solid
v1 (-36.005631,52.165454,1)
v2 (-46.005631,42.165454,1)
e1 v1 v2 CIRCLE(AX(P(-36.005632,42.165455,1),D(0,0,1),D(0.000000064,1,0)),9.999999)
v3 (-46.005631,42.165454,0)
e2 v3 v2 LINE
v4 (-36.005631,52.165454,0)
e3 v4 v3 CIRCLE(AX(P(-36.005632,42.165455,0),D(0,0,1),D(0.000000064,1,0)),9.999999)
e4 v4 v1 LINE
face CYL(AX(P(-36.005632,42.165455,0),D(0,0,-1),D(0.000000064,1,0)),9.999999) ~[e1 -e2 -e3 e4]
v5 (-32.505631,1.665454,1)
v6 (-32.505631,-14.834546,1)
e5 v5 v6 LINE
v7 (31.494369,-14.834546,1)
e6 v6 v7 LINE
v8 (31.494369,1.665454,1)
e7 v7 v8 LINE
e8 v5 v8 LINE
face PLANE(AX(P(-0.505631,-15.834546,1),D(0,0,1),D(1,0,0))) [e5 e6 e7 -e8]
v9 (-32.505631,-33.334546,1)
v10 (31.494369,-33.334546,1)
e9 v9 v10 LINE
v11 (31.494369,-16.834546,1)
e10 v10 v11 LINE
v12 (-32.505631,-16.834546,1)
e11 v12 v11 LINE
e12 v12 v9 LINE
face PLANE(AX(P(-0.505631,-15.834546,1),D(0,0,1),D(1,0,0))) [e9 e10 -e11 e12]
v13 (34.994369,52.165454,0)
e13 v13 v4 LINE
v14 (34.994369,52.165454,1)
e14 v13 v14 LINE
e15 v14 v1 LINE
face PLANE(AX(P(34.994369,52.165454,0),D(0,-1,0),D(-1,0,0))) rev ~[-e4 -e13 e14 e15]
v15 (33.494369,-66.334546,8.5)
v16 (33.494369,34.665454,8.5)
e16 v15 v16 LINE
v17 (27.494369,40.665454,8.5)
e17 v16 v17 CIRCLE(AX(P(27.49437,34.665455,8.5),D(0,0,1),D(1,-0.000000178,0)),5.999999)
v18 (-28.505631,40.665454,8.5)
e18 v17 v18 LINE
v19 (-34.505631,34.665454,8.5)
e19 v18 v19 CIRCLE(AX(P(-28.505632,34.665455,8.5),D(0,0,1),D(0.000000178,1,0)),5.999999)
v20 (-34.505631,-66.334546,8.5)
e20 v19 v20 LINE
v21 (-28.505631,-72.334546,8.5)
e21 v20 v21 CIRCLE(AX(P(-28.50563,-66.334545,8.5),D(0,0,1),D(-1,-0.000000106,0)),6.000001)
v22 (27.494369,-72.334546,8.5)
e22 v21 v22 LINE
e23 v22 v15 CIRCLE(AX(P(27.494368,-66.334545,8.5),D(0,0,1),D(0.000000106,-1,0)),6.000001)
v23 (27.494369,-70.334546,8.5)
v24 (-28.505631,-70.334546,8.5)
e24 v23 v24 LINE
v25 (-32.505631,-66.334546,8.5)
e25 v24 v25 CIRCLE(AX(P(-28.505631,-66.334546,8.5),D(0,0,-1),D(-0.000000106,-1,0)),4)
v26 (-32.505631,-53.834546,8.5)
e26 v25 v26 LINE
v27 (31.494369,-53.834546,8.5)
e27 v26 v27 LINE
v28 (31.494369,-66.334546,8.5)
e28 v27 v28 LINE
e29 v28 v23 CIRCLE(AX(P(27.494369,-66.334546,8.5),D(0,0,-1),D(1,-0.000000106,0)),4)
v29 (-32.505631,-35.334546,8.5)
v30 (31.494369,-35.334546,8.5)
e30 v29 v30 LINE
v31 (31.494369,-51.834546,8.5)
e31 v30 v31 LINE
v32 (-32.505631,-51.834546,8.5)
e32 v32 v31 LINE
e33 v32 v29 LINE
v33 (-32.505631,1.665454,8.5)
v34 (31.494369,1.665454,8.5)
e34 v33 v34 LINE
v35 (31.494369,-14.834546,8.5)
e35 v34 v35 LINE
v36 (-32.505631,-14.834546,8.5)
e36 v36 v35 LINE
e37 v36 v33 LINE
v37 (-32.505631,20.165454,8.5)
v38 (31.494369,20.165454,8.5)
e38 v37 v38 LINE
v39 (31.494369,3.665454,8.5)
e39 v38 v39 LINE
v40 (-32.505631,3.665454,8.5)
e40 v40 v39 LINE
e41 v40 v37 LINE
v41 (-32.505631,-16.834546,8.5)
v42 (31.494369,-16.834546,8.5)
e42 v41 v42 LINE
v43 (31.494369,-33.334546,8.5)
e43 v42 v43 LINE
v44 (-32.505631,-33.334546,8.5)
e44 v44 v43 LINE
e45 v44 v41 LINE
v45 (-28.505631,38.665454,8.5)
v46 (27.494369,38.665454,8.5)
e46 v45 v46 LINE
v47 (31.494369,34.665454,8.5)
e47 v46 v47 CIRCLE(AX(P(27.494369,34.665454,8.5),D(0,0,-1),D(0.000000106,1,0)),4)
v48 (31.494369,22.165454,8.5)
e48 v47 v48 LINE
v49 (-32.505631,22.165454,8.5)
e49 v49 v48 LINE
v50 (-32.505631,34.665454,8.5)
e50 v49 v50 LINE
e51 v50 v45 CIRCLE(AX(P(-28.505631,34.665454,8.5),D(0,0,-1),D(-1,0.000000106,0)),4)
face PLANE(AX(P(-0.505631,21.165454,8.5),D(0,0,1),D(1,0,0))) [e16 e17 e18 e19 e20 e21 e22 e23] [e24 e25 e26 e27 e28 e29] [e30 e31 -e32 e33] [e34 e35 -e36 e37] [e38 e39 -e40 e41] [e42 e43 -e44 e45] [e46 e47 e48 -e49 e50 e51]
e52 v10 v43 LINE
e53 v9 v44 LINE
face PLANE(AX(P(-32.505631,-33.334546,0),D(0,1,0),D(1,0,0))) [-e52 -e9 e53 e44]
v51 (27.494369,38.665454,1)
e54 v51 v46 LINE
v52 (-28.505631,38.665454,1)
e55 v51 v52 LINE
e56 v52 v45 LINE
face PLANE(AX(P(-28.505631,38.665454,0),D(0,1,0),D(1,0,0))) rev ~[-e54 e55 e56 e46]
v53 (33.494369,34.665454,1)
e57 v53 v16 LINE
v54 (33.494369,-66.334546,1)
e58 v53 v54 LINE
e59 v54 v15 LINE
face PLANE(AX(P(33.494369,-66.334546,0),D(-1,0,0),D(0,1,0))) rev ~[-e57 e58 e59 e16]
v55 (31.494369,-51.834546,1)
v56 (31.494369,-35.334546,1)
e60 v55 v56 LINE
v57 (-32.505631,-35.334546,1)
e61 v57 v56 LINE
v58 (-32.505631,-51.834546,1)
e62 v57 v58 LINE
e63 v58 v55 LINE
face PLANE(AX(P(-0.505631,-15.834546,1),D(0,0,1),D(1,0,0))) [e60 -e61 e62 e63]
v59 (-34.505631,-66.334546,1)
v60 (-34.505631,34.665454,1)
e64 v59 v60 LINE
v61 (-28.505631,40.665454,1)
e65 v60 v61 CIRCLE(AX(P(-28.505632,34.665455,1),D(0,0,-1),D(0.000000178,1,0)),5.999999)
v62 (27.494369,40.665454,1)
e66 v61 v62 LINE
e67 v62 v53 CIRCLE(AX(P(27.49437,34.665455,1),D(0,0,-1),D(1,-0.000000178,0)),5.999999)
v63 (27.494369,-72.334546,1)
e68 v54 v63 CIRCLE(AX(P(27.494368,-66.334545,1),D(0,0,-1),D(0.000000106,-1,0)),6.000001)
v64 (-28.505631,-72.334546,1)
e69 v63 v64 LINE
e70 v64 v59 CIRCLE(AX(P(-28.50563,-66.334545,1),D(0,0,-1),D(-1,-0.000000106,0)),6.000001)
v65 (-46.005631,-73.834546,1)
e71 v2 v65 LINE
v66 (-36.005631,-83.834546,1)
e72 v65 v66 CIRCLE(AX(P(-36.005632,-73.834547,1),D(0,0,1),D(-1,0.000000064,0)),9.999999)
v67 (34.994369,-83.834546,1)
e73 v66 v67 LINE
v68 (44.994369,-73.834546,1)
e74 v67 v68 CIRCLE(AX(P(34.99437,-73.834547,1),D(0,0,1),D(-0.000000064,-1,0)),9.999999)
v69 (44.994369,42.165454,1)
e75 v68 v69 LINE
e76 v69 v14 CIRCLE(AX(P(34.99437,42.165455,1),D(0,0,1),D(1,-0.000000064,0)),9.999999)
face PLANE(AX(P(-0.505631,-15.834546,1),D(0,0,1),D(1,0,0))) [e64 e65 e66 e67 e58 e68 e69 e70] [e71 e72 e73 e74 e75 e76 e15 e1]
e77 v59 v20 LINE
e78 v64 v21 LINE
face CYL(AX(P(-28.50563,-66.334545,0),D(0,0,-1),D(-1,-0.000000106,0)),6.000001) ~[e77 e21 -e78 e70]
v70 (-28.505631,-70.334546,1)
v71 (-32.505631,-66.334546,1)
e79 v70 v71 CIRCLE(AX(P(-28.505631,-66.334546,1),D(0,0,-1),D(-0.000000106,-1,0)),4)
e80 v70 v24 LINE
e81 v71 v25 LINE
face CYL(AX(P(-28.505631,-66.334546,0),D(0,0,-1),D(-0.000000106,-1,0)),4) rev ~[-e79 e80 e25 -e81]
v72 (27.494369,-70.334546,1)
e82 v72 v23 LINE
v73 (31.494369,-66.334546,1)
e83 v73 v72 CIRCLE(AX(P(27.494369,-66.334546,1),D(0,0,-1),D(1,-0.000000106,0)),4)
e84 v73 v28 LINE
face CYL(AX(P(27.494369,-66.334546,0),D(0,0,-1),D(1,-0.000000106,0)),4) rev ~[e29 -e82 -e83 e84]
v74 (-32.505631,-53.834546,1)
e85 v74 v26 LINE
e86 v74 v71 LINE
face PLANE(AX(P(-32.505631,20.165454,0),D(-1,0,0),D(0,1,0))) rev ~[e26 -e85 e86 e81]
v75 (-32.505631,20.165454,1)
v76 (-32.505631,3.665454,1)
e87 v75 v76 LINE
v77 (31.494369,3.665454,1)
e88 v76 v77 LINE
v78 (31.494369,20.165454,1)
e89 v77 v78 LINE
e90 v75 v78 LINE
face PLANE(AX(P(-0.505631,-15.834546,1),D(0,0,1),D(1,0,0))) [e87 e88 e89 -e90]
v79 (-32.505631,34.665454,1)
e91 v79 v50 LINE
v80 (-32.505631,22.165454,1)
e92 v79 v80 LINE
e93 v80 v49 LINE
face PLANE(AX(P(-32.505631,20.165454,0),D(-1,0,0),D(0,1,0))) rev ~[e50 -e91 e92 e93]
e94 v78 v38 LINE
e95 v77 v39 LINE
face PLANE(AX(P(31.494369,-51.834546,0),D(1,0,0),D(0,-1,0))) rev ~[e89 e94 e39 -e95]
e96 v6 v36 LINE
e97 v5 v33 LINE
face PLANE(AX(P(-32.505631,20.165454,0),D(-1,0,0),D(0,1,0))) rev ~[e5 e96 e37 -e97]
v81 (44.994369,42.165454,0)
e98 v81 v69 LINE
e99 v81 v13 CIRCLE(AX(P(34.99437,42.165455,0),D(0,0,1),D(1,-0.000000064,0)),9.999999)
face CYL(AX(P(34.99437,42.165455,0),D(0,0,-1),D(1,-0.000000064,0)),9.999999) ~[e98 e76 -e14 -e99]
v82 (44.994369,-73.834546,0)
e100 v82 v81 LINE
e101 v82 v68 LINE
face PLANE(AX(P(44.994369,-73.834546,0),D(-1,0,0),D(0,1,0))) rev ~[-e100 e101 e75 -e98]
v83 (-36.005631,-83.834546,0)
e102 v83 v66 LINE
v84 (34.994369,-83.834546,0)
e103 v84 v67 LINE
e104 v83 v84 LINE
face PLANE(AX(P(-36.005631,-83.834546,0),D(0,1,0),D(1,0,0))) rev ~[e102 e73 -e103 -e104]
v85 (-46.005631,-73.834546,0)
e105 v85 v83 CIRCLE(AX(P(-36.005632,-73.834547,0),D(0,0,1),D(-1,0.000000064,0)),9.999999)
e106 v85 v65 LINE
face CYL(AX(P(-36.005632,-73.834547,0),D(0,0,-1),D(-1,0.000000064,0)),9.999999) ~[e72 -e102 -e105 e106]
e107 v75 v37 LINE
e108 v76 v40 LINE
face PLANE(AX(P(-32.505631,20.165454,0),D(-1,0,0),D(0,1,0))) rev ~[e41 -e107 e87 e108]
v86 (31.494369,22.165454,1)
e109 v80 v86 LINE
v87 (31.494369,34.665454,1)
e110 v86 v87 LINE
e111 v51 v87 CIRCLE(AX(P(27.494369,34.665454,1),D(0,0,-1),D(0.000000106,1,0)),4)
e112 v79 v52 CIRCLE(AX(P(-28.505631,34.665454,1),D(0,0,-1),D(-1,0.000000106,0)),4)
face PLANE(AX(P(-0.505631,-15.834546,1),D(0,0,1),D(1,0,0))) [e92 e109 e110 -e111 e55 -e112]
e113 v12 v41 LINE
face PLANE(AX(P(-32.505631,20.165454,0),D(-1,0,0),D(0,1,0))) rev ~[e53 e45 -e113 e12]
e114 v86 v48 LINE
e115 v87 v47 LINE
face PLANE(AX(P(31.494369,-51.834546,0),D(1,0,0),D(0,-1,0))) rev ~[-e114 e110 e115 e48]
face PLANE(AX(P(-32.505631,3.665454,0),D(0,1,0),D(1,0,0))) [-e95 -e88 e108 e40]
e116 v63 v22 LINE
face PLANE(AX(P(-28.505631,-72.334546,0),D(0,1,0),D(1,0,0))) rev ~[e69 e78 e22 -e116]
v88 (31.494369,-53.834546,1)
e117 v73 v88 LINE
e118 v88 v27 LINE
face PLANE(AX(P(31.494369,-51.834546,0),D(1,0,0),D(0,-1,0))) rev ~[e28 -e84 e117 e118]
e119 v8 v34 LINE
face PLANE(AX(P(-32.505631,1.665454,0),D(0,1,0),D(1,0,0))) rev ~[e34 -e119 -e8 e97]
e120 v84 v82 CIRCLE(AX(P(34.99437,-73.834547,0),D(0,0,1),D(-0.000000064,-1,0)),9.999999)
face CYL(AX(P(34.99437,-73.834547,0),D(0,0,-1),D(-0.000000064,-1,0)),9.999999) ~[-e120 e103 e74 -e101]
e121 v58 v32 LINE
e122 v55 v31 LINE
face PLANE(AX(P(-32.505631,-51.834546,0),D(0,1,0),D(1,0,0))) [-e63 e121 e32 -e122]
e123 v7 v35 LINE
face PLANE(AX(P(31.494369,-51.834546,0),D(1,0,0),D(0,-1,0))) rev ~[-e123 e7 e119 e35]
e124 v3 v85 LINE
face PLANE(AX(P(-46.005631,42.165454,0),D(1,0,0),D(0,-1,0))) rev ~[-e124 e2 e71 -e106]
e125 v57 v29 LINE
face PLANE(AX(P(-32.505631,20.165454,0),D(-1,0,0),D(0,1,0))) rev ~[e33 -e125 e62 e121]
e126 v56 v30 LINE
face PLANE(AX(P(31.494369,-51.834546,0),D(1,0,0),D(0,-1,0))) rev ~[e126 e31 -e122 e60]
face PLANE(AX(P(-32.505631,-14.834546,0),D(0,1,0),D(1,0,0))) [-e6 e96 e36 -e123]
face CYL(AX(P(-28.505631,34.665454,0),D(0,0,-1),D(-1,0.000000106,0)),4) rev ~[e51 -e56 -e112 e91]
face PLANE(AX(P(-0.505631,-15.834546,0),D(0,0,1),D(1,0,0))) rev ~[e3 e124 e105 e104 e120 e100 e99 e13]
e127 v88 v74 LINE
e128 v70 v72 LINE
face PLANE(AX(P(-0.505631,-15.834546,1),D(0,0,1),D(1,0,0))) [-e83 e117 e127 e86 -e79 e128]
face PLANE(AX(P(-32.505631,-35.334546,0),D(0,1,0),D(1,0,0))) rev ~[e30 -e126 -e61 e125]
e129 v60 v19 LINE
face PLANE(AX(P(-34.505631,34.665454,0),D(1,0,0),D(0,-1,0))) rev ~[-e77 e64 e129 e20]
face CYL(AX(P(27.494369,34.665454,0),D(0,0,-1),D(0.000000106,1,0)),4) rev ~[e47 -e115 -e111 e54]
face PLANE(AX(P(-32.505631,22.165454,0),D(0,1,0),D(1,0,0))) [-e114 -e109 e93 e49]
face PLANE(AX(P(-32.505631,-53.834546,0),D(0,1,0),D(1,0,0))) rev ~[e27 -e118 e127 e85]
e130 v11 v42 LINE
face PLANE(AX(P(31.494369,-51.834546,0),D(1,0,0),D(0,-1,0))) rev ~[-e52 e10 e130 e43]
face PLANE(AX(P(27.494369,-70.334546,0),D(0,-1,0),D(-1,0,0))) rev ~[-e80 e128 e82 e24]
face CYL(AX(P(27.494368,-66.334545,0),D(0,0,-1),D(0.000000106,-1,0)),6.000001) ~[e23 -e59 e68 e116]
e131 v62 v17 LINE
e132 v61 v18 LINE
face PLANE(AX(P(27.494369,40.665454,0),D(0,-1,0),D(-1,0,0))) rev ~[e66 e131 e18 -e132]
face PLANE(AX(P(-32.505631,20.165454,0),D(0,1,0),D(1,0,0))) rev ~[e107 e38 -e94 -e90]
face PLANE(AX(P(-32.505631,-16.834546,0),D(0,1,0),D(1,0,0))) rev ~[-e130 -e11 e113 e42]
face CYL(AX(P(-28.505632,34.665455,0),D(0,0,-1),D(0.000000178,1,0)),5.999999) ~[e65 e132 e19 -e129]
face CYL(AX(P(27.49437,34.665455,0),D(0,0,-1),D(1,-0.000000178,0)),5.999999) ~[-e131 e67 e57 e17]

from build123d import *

# Parameters (mm, degrees)
F0_W     = 64
F0_H     = 16.5
F1_DEPTH = 1
F2_DEPTH = 8.5
F0_H_2   = 2
F3_DEPTH = 8.5


with BuildPart() as f1:
    # F0 (on Top) → F1 (new body)
    with BuildSketch(Plane.XY):
        with BuildLine():
            Line((34.994369, 52.165454), (-36.005631, 52.165454))
            ThreePointArc((-36.005631, 52.165454), (-43.076699, 49.236522), (-46.005631, 42.165454))
            Line((-46.005631, 42.165454), (-46.005631, -73.834546))
            ThreePointArc((-46.005631, -73.834546), (-43.076699, -80.905614), (-36.005631, -83.834546))
            Line((-36.005631, -83.834546), (34.994369, -83.834546))
            ThreePointArc((34.994369, -83.834546), (42.065437, -80.905614), (44.994369, -73.834546))
            Line((44.994369, -73.834546), (44.994369, 42.165454))
            ThreePointArc((44.994369, 42.165454), (42.065437, 49.236522), (34.994369, 52.165454))
        make_face()
        with BuildLine():
            ThreePointArc((-38.505631, 34.665454), (-35.576699, 41.736522), (-28.505631, 44.665454))
            Line((-28.505631, 44.665454), (27.494369, 44.665454))
            ThreePointArc((27.494369, 44.665454), (34.565437, 41.736522), (37.494369, 34.665454))
            Line((37.494369, 34.665454), (37.494369, -66.334546))
            ThreePointArc((37.494369, -66.334546), (34.565437, -73.405614), (27.494369, -76.334546))
            Line((27.494369, -76.334546), (-28.505631, -76.334546))
            ThreePointArc((-28.505631, -76.334546), (-35.576699, -73.405614), (-38.505631, -66.334546))
            Line((-38.505631, -66.334546), (-38.505631, 34.665454))
        make_face(mode=Mode.SUBTRACT)
        with BuildLine():
            Line((27.494369, 44.665454), (-28.505631, 44.665454))
            ThreePointArc((-28.505631, 44.665454), (-35.576699, 41.736522), (-38.505631, 34.665454))
            Line((-38.505631, 34.665454), (-38.505631, -66.334546))
            ThreePointArc((-38.505631, -66.334546), (-35.576699, -73.405614), (-28.505631, -76.334546))
            Line((-28.505631, -76.334546), (27.494369, -76.334546))
            ThreePointArc((27.494369, -76.334546), (34.565437, -73.405614), (37.494369, -66.334546))
            Line((37.494369, -66.334546), (37.494369, 34.665454))
            ThreePointArc((37.494369, 34.665454), (34.565437, 41.736522), (27.494369, 44.665454))
        make_face()
        with BuildLine():
            ThreePointArc((-36.505631, 34.665454), (-34.162485, 40.322309), (-28.505631, 42.665454))
            Line((-28.505631, 42.665454), (27.494369, 42.665454))
            ThreePointArc((27.494369, 42.665454), (33.151223, 40.322309), (35.494369, 34.665454))
            Line((35.494369, 34.665454), (35.494369, -66.334546))
            ThreePointArc((35.494369, -66.334546), (33.151223, -71.9914), (27.494369, -74.334546))
            Line((27.494369, -74.334546), (-28.505631, -74.334546))
            ThreePointArc((-28.505631, -74.334546), (-34.162485, -71.9914), (-36.505631, -66.334546))
            Line((-36.505631, -66.334546), (-36.505631, 34.665454))
        make_face(mode=Mode.SUBTRACT)
        with BuildLine():
            Line((27.494369, 42.665454), (-28.505631, 42.665454))
            ThreePointArc((-28.505631, 42.665454), (-34.162485, 40.322309), (-36.505631, 34.665454))
            Line((-36.505631, 34.665454), (-36.505631, -66.334546))
            ThreePointArc((-36.505631, -66.334546), (-34.162485, -71.9914), (-28.505631, -74.334546))
            Line((-28.505631, -74.334546), (27.494369, -74.334546))
            ThreePointArc((27.494369, -74.334546), (33.151223, -71.9914), (35.494369, -66.334546))
            Line((35.494369, -66.334546), (35.494369, 34.665454))
            ThreePointArc((35.494369, 34.665454), (33.151223, 40.322309), (27.494369, 42.665454))
        make_face()
        with BuildLine():
            ThreePointArc((-34.505631, 34.665454), (-32.748272, 38.908095), (-28.505631, 40.665454))
            Line((-28.505631, 40.665454), (27.494369, 40.665454))
            ThreePointArc((27.494369, 40.665454), (31.73701, 38.908095), (33.494369, 34.665454))
            Line((33.494369, 34.665454), (33.494369, -66.334546))
            ThreePointArc((33.494369, -66.334546), (31.73701, -70.577186), (27.494369, -72.334546))
            Line((27.494369, -72.334546), (-28.505631, -72.334546))
            ThreePointArc((-28.505631, -72.334546), (-32.748272, -70.577186), (-34.505631, -66.334546))
            Line((-34.505631, -66.334546), (-34.505631, 34.665454))
        make_face(mode=Mode.SUBTRACT)
        with BuildLine():
            Line((27.494369, 40.665454), (-28.505631, 40.665454))
            ThreePointArc((-28.505631, 40.665454), (-32.748272, 38.908095), (-34.505631, 34.665454))
            Line((-34.505631, 34.665454), (-34.505631, -66.334546))
            ThreePointArc((-34.505631, -66.334546), (-32.748272, -70.577186), (-28.505631, -72.334546))
            Line((-28.505631, -72.334546), (27.494369, -72.334546))
            ThreePointArc((27.494369, -72.334546), (31.73701, -70.577186), (33.494369, -66.334546))
            Line((33.494369, -66.334546), (33.494369, 34.665454))
            ThreePointArc((33.494369, 34.665454), (31.73701, 38.908095), (27.494369, 40.665454))
        make_face()
        with BuildLine():
            ThreePointArc((-32.505631, 34.665454), (-31.334058, 37.493881), (-28.505631, 38.665454))
            Line((-28.505631, 38.665454), (27.494369, 38.665454))
            ThreePointArc((27.494369, 38.665454), (30.322796, 37.493881), (31.494369, 34.665454))
            Line((31.494369, 34.665454), (31.494369, 22.165454))
            Line((31.494369, 22.165454), (31.494369, 20.165454))
            Line((31.494369, 20.165454), (31.494369, 3.665454))
            Line((31.494369, 3.665454), (31.494369, 1.665454))
            Line((31.494369, 1.665454), (31.494369, -14.834546))
            Line((31.494369, -14.834546), (31.494369, -16.834546))
            Line((31.494369, -16.834546), (31.494369, -33.334546))
            Line((31.494369, -33.334546), (31.494369, -35.334546))
            Line((31.494369, -35.334546), (31.494369, -51.834546))
            Line((31.494369, -51.834546), (31.494369, -53.834546))
            Line((31.494369, -53.834546), (31.494369, -66.334546))
            ThreePointArc((31.494369, -66.334546), (30.322796, -69.162973), (27.494369, -70.334546))
            Line((27.494369, -70.334546), (-28.505631, -70.334546))
            ThreePointArc((-28.505631, -70.334546), (-31.334058, -69.162973), (-32.505631, -66.334546))
            Line((-32.505631, -66.334546), (-32.505631, -53.834546))
            Line((-32.505631, -53.834546), (-32.505631, -51.834546))
            Line((-32.505631, -51.834546), (-32.505631, -35.334546))
            Line((-32.505631, -35.334546), (-32.505631, -33.334546))
            Line((-32.505631, -33.334546), (-32.505631, -16.834546))
            Line((-32.505631, -16.834546), (-32.505631, -14.834546))
            Line((-32.505631, -14.834546), (-32.505631, 1.665454))
            Line((-32.505631, 1.665454), (-32.505631, 3.665454))
            Line((-32.505631, 3.665454), (-32.505631, 20.165454))
            Line((-32.505631, 20.165454), (-32.505631, 22.165454))
            Line((-32.505631, 22.165454), (-32.505631, 34.665454))
        make_face(mode=Mode.SUBTRACT)
        with BuildLine():
            Line((27.494369, 38.665454), (-28.505631, 38.665454))
            ThreePointArc((-28.505631, 38.665454), (-31.334058, 37.493881), (-32.505631, 34.665454))
            Line((-32.505631, 34.665454), (-32.505631, 22.165454))
            Line((-32.505631, 22.165454), (31.494369, 22.165454))
            Line((31.494369, 22.165454), (31.494369, 34.665454))
            ThreePointArc((31.494369, 34.665454), (30.322796, 37.493881), (27.494369, 38.665454))
        make_face()
        with Locations((-0.505631, 11.915454)):
            Rectangle(F0_W, F0_H)
        with Locations((-0.505631, -6.584546)):
            Rectangle(F0_W, F0_H)
        with Locations((-0.505631, -25.084546)):
            Rectangle(F0_W, F0_H)
        with Locations((-0.505631, -43.584546)):
            Rectangle(F0_W, F0_H)
        with BuildLine():
            Line((31.494369, -53.834546), (-32.505631, -53.834546))
            Line((-32.505631, -53.834546), (-32.505631, -66.334546))
            ThreePointArc((-32.505631, -66.334546), (-31.334058, -69.162973), (-28.505631, -70.334546))
            Line((-28.505631, -70.334546), (27.494369, -70.334546))
            ThreePointArc((27.494369, -70.334546), (30.322796, -69.162973), (31.494369, -66.334546))
            Line((31.494369, -66.334546), (31.494369, -53.834546))
        make_face()
    extrude(amount=F1_DEPTH)



with BuildPart() as f2:
    # F0 (on Top) → F2 (new body)
    with BuildSketch(Plane.XY):
        with BuildLine():
            Line((27.494369, 40.665454), (-28.505631, 40.665454))
            ThreePointArc((-28.505631, 40.665454), (-32.748272, 38.908095), (-34.505631, 34.665454))
            Line((-34.505631, 34.665454), (-34.505631, -66.334546))
            ThreePointArc((-34.505631, -66.334546), (-32.748272, -70.577186), (-28.505631, -72.334546))
            Line((-28.505631, -72.334546), (27.494369, -72.334546))
            ThreePointArc((27.494369, -72.334546), (31.73701, -70.577186), (33.494369, -66.334546))
            Line((33.494369, -66.334546), (33.494369, 34.665454))
            ThreePointArc((33.494369, 34.665454), (31.73701, 38.908095), (27.494369, 40.665454))
        make_face()
        with BuildLine():
            ThreePointArc((-32.505631, 34.665454), (-31.334058, 37.493881), (-28.505631, 38.665454))
            Line((-28.505631, 38.665454), (27.494369, 38.665454))
            ThreePointArc((27.494369, 38.665454), (30.322796, 37.493881), (31.494369, 34.665454))
            Line((31.494369, 34.665454), (31.494369, 22.165454))
            Line((31.494369, 22.165454), (31.494369, 20.165454))
            Line((31.494369, 20.165454), (31.494369, 3.665454))
            Line((31.494369, 3.665454), (31.494369, 1.665454))
            Line((31.494369, 1.665454), (31.494369, -14.834546))
            Line((31.494369, -14.834546), (31.494369, -16.834546))
            Line((31.494369, -16.834546), (31.494369, -33.334546))
            Line((31.494369, -33.334546), (31.494369, -35.334546))
            Line((31.494369, -35.334546), (31.494369, -51.834546))
            Line((31.494369, -51.834546), (31.494369, -53.834546))
            Line((31.494369, -53.834546), (31.494369, -66.334546))
            ThreePointArc((31.494369, -66.334546), (30.322796, -69.162973), (27.494369, -70.334546))
            Line((27.494369, -70.334546), (-28.505631, -70.334546))
            ThreePointArc((-28.505631, -70.334546), (-31.334058, -69.162973), (-32.505631, -66.334546))
            Line((-32.505631, -66.334546), (-32.505631, -53.834546))
            Line((-32.505631, -53.834546), (-32.505631, -51.834546))
            Line((-32.505631, -51.834546), (-32.505631, -35.334546))
            Line((-32.505631, -35.334546), (-32.505631, -33.334546))
            Line((-32.505631, -33.334546), (-32.505631, -16.834546))
            Line((-32.505631, -16.834546), (-32.505631, -14.834546))
            Line((-32.505631, -14.834546), (-32.505631, 1.665454))
            Line((-32.505631, 1.665454), (-32.505631, 3.665454))
            Line((-32.505631, 3.665454), (-32.505631, 20.165454))
            Line((-32.505631, 20.165454), (-32.505631, 22.165454))
            Line((-32.505631, 22.165454), (-32.505631, 34.665454))
        make_face(mode=Mode.SUBTRACT)
    extrude(amount=F2_DEPTH)


with BuildPart() as f1_1:
    add(f1.part)

    add(f2.part)  # F3 merges F2
    # F0 (on Top) → F3 (join)
    with BuildSketch(Plane.XY):
        with Locations((-0.505631, 21.165454)):
            Rectangle(F0_W, F0_H_2)
        with Locations((-0.505631, 2.665454)):
            Rectangle(F0_W, F0_H_2)
        with Locations((-0.505631, -15.834546)):
            Rectangle(F0_W, F0_H_2)
        with Locations((-0.505631, -34.334546)):
            Rectangle(F0_W, F0_H_2)
        with Locations((-0.505631, -52.834546)):
            Rectangle(F0_W, F0_H_2)
    extrude(amount=F3_DEPTH)


solid = f1_1.part
